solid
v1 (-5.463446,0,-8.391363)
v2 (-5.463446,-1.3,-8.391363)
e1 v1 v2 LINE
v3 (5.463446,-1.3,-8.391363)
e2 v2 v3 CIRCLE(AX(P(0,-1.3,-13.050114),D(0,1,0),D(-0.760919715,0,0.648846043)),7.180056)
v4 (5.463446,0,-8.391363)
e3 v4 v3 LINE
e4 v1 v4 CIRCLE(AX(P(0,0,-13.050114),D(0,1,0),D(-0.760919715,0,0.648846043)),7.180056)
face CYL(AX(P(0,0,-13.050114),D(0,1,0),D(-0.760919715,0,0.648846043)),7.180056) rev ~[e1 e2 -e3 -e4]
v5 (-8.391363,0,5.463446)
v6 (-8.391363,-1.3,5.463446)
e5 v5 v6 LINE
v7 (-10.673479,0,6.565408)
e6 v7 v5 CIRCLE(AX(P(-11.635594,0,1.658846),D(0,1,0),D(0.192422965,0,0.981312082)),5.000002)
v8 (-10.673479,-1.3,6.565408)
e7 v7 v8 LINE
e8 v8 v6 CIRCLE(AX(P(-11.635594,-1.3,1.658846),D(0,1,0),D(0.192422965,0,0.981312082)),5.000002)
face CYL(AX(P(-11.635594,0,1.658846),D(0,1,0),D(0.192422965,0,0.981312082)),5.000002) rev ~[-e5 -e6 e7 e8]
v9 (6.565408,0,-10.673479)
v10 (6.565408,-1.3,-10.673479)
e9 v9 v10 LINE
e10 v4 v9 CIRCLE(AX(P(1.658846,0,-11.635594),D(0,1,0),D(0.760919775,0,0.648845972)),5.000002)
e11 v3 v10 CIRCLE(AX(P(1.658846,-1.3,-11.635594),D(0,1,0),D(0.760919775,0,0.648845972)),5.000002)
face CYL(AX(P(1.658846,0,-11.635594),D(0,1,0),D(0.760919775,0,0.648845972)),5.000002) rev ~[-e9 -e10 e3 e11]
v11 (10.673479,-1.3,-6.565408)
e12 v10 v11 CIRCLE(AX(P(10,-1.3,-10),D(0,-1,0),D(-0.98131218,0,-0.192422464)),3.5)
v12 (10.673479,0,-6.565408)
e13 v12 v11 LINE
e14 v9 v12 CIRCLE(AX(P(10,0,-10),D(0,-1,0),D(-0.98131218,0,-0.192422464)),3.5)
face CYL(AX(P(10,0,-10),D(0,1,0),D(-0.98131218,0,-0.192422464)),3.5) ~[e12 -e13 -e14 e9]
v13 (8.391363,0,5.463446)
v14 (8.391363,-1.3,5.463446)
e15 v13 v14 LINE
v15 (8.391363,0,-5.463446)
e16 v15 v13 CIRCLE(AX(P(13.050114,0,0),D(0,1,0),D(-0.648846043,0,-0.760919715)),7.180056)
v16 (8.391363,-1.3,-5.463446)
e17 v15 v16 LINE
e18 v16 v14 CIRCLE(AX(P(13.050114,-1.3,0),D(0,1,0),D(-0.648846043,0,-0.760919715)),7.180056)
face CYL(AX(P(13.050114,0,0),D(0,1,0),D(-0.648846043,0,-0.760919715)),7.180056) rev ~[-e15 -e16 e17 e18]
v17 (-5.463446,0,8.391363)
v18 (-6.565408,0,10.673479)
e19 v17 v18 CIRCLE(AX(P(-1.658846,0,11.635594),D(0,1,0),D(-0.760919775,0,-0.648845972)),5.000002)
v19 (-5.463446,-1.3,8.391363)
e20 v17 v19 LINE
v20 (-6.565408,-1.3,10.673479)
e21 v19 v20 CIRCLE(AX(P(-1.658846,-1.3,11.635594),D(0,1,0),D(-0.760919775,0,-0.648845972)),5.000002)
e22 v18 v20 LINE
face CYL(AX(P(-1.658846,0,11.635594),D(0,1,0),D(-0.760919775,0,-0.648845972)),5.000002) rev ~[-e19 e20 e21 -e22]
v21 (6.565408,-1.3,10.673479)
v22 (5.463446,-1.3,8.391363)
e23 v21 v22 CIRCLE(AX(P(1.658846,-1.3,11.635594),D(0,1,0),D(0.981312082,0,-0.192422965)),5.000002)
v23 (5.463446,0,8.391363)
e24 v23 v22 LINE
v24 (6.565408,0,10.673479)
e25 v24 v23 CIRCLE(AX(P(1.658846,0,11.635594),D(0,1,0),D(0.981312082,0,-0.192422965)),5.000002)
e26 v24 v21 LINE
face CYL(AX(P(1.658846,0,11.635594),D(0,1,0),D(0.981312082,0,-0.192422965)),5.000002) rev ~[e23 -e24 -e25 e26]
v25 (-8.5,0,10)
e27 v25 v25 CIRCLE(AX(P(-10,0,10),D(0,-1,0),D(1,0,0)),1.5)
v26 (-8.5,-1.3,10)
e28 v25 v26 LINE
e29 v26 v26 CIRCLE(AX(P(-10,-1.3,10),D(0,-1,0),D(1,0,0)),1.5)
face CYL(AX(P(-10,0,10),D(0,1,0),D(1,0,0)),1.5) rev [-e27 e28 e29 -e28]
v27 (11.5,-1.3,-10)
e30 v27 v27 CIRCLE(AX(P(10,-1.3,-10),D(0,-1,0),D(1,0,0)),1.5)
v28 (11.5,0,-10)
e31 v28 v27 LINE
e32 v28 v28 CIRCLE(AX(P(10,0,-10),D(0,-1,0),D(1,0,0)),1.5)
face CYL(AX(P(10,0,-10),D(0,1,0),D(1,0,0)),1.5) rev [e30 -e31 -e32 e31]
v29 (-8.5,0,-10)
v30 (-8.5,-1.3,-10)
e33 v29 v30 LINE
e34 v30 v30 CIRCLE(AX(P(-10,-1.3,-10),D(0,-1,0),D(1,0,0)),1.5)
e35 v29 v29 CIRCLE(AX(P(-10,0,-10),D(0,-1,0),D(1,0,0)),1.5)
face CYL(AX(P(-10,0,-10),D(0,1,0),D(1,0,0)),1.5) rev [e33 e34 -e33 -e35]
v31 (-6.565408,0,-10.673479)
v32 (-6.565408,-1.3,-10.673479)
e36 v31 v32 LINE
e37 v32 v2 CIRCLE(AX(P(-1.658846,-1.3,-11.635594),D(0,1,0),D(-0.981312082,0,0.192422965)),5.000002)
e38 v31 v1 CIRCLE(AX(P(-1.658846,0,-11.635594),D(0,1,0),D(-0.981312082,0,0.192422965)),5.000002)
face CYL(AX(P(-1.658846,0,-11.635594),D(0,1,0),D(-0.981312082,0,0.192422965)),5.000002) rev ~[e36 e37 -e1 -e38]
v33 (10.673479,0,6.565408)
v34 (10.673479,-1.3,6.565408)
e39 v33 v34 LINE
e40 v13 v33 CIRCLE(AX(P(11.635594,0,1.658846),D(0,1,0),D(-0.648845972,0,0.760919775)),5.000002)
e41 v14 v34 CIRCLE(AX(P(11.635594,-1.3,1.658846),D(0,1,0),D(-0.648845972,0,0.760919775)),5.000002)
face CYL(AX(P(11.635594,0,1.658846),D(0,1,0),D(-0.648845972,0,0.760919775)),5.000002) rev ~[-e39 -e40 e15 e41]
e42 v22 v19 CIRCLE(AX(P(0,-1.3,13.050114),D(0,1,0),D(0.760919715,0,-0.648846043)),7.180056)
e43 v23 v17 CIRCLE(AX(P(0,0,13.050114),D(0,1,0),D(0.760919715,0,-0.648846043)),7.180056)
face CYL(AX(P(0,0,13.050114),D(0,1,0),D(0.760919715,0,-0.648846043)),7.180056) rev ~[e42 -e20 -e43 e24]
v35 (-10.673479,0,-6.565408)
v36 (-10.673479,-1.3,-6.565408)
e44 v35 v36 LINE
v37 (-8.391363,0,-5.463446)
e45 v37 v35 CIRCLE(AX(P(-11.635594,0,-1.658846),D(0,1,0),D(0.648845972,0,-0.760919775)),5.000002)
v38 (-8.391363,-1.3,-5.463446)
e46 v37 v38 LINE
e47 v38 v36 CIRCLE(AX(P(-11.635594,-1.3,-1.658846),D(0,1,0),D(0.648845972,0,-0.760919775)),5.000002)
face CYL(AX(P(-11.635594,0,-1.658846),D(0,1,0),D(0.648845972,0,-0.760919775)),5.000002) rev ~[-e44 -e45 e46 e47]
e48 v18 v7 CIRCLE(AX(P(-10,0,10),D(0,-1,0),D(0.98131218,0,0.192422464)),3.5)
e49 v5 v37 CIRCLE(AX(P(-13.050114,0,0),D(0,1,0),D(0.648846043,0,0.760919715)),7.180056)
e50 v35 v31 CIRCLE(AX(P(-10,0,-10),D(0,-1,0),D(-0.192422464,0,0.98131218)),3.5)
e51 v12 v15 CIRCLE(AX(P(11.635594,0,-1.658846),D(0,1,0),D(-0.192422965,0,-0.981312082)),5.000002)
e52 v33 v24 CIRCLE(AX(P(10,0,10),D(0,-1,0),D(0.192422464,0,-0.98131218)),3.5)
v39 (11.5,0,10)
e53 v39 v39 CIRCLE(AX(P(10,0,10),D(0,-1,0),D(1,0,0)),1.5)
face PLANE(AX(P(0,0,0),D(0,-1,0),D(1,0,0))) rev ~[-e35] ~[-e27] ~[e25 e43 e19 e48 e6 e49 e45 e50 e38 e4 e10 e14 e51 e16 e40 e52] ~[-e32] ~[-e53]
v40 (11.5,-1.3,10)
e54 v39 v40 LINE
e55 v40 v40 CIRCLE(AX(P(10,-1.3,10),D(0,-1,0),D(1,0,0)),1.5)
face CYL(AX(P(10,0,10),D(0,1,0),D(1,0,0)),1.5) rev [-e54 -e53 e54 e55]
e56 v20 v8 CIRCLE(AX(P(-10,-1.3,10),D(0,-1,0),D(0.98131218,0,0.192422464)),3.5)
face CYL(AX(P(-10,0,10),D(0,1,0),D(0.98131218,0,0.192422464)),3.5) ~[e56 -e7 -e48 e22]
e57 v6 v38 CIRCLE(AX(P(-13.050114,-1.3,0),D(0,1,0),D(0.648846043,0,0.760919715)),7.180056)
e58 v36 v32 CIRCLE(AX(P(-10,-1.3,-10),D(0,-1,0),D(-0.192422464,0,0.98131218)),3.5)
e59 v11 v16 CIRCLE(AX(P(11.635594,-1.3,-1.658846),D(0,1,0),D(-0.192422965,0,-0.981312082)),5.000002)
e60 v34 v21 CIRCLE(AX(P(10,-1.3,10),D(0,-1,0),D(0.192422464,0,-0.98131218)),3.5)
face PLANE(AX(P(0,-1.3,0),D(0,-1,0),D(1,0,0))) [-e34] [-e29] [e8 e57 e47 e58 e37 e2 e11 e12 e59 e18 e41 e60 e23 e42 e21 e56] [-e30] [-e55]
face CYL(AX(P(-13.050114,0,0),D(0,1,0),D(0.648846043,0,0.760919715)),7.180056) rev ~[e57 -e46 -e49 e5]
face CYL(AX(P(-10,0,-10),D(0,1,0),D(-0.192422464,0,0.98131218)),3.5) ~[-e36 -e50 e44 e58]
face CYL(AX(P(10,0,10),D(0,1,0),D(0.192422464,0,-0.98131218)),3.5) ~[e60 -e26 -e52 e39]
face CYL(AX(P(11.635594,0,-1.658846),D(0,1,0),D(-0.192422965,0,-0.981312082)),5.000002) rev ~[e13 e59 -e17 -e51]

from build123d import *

# Parameters (mm, degrees)
F0_R     = 1.5
F1_DEPTH = 1.3


with BuildPart() as f1:
    # F0 (on Front) → F1 (new body)
    with BuildSketch(Plane.XZ):
        with BuildLine():
            ThreePointArc((-8.391363, -5.463446), (-9.461447, -6.161412), (-10.673479, -6.565408))
            ThreePointArc((-10.673479, -6.565408), (-12.474874, -12.474874), (-6.565408, -10.673479))
            ThreePointArc((-6.565408, -10.673479), (-6.161412, -9.461447), (-5.463446, -8.391363))
            ThreePointArc((-5.463446, -8.391363), (0, -5.870058), (5.463446, -8.391363))
            ThreePointArc((5.463446, -8.391363), (6.161412, -9.461447), (6.565408, -10.673479))
            ThreePointArc((6.565408, -10.673479), (12.474874, -12.474874), (10.673479, -6.565408))
            ThreePointArc((10.673479, -6.565408), (9.461447, -6.161412), (8.391363, -5.463446))
            ThreePointArc((8.391363, -5.463446), (5.870058, 0), (8.391363, 5.463446))
            ThreePointArc((8.391363, 5.463446), (9.461447, 6.161412), (10.673479, 6.565408))
            ThreePointArc((10.673479, 6.565408), (12.474874, 12.474874), (6.565408, 10.673479))
            ThreePointArc((6.565408, 10.673479), (6.161412, 9.461447), (5.463446, 8.391363))
            ThreePointArc((5.463446, 8.391363), (0, 5.870058), (-5.463446, 8.391363))
            ThreePointArc((-5.463446, 8.391363), (-6.161412, 9.461447), (-6.565408, 10.673479))
            ThreePointArc((-6.565408, 10.673479), (-12.474874, 12.474874), (-10.673479, 6.565408))
            ThreePointArc((-10.673479, 6.565408), (-9.461447, 6.161412), (-8.391363, 5.463446))
            ThreePointArc((-8.391363, 5.463446), (-5.870058, 0), (-8.391363, -5.463446))
        make_face()
        with Locations((-10, -10)):
            Circle(F0_R, mode=Mode.SUBTRACT)
        with Locations((10, -10)):
            Circle(F0_R, mode=Mode.SUBTRACT)
        with Locations((-10, 10)):
            Circle(F0_R, mode=Mode.SUBTRACT)
        with Locations((10, 10)):
            Circle(F0_R, mode=Mode.SUBTRACT)
    extrude(amount=F1_DEPTH)


solid = f1.part
